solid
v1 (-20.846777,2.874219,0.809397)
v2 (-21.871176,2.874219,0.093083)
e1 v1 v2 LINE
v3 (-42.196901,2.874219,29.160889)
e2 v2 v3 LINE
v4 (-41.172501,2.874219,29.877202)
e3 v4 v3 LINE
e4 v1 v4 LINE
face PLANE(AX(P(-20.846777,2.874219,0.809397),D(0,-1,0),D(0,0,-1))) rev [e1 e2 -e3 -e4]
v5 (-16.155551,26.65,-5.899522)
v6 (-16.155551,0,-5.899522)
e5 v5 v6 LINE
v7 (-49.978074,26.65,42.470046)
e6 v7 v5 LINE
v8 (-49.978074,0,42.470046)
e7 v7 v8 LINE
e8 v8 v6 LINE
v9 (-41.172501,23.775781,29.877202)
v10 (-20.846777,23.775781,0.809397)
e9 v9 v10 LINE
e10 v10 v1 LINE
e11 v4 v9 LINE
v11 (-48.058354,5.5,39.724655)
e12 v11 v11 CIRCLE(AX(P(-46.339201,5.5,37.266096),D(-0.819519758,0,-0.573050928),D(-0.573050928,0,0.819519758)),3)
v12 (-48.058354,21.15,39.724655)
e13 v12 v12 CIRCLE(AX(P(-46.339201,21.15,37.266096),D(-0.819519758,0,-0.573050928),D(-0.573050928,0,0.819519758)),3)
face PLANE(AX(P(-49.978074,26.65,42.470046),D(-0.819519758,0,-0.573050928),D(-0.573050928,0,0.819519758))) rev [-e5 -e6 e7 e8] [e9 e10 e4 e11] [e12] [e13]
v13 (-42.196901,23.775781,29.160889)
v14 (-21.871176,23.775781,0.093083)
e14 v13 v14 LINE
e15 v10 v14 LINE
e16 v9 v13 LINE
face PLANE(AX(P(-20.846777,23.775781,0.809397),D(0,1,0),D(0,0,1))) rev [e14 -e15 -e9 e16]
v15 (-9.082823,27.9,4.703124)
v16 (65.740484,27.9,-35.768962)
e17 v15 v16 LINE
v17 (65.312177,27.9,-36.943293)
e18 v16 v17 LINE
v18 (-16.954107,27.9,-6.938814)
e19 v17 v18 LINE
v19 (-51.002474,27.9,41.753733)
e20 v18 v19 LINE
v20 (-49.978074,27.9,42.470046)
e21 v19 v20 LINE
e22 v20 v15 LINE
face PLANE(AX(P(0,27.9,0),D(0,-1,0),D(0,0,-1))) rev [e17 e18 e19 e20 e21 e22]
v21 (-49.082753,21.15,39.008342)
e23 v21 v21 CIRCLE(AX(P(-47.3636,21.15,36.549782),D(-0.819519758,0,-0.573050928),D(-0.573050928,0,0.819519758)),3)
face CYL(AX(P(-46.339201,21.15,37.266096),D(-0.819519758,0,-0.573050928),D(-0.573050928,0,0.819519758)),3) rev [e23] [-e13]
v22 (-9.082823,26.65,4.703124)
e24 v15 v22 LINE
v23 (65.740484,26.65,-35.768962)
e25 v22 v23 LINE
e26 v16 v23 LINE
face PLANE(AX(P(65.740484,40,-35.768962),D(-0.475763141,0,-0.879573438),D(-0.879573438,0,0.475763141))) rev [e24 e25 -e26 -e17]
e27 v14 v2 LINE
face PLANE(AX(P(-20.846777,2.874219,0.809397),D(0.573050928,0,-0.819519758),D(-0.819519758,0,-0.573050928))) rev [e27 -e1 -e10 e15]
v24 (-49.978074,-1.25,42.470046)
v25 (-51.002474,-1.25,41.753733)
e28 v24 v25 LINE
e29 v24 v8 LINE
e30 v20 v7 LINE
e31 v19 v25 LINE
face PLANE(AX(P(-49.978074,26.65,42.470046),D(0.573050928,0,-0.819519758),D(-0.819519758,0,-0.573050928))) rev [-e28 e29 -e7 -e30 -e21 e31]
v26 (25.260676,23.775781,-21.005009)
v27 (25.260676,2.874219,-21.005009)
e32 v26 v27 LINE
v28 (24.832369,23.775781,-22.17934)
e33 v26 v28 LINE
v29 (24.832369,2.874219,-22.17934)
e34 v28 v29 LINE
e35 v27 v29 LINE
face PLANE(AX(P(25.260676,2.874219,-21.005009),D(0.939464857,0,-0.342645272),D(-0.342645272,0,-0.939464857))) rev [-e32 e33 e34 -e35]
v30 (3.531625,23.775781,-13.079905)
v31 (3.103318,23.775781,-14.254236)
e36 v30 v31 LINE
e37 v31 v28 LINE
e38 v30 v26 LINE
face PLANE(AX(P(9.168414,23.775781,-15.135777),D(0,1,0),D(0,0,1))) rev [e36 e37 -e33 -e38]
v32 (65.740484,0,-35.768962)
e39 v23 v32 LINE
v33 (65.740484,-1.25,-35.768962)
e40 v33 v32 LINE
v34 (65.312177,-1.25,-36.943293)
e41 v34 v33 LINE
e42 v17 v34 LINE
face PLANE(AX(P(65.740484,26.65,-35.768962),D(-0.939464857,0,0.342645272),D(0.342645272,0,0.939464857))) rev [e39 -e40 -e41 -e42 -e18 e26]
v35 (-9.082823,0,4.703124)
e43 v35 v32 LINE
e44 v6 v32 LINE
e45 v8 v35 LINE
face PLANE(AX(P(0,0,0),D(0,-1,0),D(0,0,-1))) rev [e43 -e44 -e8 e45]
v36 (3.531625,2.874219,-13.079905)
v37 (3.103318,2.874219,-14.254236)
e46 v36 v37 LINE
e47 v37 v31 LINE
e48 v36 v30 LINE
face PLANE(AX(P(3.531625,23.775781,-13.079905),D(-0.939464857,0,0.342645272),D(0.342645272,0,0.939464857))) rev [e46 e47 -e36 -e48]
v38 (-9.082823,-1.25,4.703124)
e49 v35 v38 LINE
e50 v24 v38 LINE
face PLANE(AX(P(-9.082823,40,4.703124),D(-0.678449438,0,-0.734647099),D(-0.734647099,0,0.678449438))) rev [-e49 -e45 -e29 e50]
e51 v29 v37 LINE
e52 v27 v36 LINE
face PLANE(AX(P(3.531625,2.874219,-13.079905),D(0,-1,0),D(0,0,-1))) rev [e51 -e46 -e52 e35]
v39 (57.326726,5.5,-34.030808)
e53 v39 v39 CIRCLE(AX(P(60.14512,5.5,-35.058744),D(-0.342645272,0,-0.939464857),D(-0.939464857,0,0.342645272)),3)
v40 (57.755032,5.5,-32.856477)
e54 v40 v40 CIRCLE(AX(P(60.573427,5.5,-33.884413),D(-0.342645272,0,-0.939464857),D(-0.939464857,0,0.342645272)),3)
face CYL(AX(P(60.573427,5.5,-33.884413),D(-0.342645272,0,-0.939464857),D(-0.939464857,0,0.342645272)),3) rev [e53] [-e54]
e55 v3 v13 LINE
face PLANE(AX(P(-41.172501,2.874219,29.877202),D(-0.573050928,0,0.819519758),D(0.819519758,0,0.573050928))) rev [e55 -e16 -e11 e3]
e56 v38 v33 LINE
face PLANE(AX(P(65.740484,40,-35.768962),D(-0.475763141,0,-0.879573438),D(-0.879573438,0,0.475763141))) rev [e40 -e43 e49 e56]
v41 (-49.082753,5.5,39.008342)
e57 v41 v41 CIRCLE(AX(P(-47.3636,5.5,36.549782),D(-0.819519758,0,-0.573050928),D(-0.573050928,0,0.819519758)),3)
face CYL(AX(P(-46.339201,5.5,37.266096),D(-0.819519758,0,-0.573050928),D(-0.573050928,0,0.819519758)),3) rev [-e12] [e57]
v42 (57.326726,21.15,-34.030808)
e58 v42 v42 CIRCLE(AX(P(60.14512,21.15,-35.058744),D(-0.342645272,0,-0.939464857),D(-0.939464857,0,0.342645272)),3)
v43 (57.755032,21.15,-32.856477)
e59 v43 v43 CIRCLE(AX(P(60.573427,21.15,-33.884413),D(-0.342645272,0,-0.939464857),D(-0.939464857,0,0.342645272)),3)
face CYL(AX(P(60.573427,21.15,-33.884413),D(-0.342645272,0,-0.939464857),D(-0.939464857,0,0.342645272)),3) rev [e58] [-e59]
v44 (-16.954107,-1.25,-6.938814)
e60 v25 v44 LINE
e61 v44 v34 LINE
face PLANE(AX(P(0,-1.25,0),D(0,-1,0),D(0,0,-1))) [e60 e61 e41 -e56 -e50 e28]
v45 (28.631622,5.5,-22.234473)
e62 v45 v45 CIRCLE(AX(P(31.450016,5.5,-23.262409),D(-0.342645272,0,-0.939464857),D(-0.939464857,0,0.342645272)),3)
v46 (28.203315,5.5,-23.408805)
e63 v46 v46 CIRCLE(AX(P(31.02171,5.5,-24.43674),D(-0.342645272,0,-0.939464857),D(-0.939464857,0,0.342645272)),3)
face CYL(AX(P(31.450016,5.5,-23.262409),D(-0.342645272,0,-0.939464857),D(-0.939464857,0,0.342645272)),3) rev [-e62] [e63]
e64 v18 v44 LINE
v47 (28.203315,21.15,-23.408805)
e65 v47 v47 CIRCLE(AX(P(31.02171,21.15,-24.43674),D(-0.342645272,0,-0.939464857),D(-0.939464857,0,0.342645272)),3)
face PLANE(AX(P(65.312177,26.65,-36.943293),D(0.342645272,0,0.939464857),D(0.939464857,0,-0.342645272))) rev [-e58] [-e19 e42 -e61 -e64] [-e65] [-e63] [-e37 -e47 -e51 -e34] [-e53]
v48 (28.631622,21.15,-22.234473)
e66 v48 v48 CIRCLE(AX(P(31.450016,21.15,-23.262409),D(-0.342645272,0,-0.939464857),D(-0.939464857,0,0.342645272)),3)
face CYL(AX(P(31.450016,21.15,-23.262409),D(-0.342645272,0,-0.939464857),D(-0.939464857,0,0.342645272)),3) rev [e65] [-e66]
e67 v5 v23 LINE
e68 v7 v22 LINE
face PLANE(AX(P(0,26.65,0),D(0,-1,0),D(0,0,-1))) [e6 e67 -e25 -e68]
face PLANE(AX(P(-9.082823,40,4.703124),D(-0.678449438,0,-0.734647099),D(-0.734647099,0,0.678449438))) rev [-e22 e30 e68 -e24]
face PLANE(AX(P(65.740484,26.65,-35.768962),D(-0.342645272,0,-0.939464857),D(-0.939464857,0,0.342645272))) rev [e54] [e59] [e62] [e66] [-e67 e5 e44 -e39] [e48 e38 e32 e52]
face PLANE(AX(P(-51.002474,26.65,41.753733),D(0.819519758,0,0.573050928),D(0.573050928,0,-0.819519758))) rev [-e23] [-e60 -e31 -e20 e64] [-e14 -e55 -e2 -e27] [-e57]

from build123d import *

# Parameters (mm, degrees)
BOSS_EXTRUDE1_DEPTH = 26.65
BOSS_EXTRUDE2_DEPTH = 1.25
BOSS_EXTRUDE3_DEPTH = 1.25
SKETCH4_R           = 3
CUT_EXTRUDE1_DEPTH  = 1.25
SKETCH5_R           = 3
CUT_EXTRUDE2_DEPTH  = 1.25
SKETCH6_W           = 35.469315919
SKETCH6_H           = 20.901561166
CUT_EXTRUDE3_DEPTH  = 1.25
CUT_EXTRUDE4_DEPTH  = 1.25
CUT_EXTRUDE5_DEPTH  = 41.25


with BuildPart() as part:
    # Sketch1 → Boss-Extrude1 (new body)
    with BuildSketch(Plane(origin=(0, 0, 0), x_dir=(1, 0, 0), z_dir=(0, 1, 0))):
        Polygon((65.740483752, 35.768961664), (-16.155551111, 5.899521732), (-49.97807415, -42.47004645), (-51.002473848, -41.753732791), (-16.954107408, 6.938813892), (65.312177163, 36.943292736), align=None)
    extrude(amount=BOSS_EXTRUDE1_DEPTH)

    # Sketch2 → Boss-Extrude2 (add)
    with BuildSketch(Plane(origin=(0, 26.65, 0), x_dir=(1, 0, 0), z_dir=(0, 1, 0))):
        Polygon((-51.002473848, -41.753732791), (-49.97807415, -42.47004645), (-7.877469848, -6.485888625), (65.740483752, 35.768961664), (65.312177163, 36.943292736), (-16.954107408, 6.938813892), align=None)
    extrude(amount=BOSS_EXTRUDE2_DEPTH)

    # Sketch3 → Boss-Extrude3 (add)
    with BuildSketch(Plane.XZ):
        Polygon((65.312177163, -36.943292736), (65.740483752, -35.768961664), (-7.877469848, 6.485888625), (-49.97807415, 42.47004645), (-51.002473848, 41.753732791), (-16.954107408, -6.938813892), align=None)
    extrude(amount=BOSS_EXTRUDE3_DEPTH)

    # Sketch4 → Cut-Extrude1 (cut)
    with BuildSketch(Plane(origin=(-4.224136578, 0, -11.581738298), x_dir=(-0.9394648571224508, 0, 0.34264527171973835), z_dir=(-0.34264527171973835, 0, -0.9394648571224508))):
        with Locations((-68.516939764, 21.15)):
            Circle(SKETCH4_R)
        with Locations((-37.516939764, 21.15)):
            Circle(SKETCH4_R)
        with Locations((-37.516939764, 5.5)):
            Circle(SKETCH4_R)
        with Locations((-68.516939764, 5.5)):
            Circle(SKETCH4_R)
    extrude(amount=-CUT_EXTRUDE1_DEPTH, mode=Mode.SUBTRACT)

    # Sketch5 → Cut-Extrude2 (cut)
    with BuildSketch(Plane(origin=(-14.645244024, 0, -10.240717915), x_dir=(-0.5730509275214783, 0, 0.819519758435862), z_dir=(-0.819519758435862, 0, -0.5730509275214783))):
        with Locations((57.095023955, 21.15)):
            Circle(SKETCH5_R)
        with Locations((57.095023955, 5.5)):
            Circle(SKETCH5_R)
    extrude(amount=-CUT_EXTRUDE2_DEPTH, mode=Mode.SUBTRACT)

    # Sketch6 → Cut-Extrude3 (cut)
    with BuildSketch(Plane(origin=(-14.645244024, 0, -10.240717915), x_dir=(-0.5730509275214783, 0, 0.819519758435862), z_dir=(-0.819519758435862, 0, -0.5730509275214783))):
        with Locations((30.344239524, 13.325)):
            Rectangle(SKETCH6_W, SKETCH6_H)
    extrude(amount=-CUT_EXTRUDE3_DEPTH, mode=Mode.SUBTRACT)

    # Sketch7 → Cut-Extrude4 (cut)
    with BuildSketch(Plane(origin=(-4.224136578, 0, -11.581738298), x_dir=(-0.9394648571224508, 0, 0.34264527171973835), z_dir=(-0.34264527171973835, 0, -0.9394648571224508))):
        Polygon((-13.799604913, 23.775780583), (-7.799604913, 23.775780583), (-7.799604913, 2.874219417), (-13.799604913, 2.874219417), (-30.928783923, 2.874219417), (-30.928783923, 23.775780583), align=None)
    extrude(amount=-CUT_EXTRUDE4_DEPTH, mode=Mode.SUBTRACT)

    # Sketch8 → Cut-Extrude5 (cut)
    with BuildSketch(Plane.XZ.offset(1.25)):
        Polygon((65.740483752, -35.768961664), (-9.082823105, 4.70312394), (-49.97807415, 42.47004645), (-7.877469848, 6.485888625), align=None)
    extrude(amount=-CUT_EXTRUDE5_DEPTH, mode=Mode.SUBTRACT)


solid = part.part
